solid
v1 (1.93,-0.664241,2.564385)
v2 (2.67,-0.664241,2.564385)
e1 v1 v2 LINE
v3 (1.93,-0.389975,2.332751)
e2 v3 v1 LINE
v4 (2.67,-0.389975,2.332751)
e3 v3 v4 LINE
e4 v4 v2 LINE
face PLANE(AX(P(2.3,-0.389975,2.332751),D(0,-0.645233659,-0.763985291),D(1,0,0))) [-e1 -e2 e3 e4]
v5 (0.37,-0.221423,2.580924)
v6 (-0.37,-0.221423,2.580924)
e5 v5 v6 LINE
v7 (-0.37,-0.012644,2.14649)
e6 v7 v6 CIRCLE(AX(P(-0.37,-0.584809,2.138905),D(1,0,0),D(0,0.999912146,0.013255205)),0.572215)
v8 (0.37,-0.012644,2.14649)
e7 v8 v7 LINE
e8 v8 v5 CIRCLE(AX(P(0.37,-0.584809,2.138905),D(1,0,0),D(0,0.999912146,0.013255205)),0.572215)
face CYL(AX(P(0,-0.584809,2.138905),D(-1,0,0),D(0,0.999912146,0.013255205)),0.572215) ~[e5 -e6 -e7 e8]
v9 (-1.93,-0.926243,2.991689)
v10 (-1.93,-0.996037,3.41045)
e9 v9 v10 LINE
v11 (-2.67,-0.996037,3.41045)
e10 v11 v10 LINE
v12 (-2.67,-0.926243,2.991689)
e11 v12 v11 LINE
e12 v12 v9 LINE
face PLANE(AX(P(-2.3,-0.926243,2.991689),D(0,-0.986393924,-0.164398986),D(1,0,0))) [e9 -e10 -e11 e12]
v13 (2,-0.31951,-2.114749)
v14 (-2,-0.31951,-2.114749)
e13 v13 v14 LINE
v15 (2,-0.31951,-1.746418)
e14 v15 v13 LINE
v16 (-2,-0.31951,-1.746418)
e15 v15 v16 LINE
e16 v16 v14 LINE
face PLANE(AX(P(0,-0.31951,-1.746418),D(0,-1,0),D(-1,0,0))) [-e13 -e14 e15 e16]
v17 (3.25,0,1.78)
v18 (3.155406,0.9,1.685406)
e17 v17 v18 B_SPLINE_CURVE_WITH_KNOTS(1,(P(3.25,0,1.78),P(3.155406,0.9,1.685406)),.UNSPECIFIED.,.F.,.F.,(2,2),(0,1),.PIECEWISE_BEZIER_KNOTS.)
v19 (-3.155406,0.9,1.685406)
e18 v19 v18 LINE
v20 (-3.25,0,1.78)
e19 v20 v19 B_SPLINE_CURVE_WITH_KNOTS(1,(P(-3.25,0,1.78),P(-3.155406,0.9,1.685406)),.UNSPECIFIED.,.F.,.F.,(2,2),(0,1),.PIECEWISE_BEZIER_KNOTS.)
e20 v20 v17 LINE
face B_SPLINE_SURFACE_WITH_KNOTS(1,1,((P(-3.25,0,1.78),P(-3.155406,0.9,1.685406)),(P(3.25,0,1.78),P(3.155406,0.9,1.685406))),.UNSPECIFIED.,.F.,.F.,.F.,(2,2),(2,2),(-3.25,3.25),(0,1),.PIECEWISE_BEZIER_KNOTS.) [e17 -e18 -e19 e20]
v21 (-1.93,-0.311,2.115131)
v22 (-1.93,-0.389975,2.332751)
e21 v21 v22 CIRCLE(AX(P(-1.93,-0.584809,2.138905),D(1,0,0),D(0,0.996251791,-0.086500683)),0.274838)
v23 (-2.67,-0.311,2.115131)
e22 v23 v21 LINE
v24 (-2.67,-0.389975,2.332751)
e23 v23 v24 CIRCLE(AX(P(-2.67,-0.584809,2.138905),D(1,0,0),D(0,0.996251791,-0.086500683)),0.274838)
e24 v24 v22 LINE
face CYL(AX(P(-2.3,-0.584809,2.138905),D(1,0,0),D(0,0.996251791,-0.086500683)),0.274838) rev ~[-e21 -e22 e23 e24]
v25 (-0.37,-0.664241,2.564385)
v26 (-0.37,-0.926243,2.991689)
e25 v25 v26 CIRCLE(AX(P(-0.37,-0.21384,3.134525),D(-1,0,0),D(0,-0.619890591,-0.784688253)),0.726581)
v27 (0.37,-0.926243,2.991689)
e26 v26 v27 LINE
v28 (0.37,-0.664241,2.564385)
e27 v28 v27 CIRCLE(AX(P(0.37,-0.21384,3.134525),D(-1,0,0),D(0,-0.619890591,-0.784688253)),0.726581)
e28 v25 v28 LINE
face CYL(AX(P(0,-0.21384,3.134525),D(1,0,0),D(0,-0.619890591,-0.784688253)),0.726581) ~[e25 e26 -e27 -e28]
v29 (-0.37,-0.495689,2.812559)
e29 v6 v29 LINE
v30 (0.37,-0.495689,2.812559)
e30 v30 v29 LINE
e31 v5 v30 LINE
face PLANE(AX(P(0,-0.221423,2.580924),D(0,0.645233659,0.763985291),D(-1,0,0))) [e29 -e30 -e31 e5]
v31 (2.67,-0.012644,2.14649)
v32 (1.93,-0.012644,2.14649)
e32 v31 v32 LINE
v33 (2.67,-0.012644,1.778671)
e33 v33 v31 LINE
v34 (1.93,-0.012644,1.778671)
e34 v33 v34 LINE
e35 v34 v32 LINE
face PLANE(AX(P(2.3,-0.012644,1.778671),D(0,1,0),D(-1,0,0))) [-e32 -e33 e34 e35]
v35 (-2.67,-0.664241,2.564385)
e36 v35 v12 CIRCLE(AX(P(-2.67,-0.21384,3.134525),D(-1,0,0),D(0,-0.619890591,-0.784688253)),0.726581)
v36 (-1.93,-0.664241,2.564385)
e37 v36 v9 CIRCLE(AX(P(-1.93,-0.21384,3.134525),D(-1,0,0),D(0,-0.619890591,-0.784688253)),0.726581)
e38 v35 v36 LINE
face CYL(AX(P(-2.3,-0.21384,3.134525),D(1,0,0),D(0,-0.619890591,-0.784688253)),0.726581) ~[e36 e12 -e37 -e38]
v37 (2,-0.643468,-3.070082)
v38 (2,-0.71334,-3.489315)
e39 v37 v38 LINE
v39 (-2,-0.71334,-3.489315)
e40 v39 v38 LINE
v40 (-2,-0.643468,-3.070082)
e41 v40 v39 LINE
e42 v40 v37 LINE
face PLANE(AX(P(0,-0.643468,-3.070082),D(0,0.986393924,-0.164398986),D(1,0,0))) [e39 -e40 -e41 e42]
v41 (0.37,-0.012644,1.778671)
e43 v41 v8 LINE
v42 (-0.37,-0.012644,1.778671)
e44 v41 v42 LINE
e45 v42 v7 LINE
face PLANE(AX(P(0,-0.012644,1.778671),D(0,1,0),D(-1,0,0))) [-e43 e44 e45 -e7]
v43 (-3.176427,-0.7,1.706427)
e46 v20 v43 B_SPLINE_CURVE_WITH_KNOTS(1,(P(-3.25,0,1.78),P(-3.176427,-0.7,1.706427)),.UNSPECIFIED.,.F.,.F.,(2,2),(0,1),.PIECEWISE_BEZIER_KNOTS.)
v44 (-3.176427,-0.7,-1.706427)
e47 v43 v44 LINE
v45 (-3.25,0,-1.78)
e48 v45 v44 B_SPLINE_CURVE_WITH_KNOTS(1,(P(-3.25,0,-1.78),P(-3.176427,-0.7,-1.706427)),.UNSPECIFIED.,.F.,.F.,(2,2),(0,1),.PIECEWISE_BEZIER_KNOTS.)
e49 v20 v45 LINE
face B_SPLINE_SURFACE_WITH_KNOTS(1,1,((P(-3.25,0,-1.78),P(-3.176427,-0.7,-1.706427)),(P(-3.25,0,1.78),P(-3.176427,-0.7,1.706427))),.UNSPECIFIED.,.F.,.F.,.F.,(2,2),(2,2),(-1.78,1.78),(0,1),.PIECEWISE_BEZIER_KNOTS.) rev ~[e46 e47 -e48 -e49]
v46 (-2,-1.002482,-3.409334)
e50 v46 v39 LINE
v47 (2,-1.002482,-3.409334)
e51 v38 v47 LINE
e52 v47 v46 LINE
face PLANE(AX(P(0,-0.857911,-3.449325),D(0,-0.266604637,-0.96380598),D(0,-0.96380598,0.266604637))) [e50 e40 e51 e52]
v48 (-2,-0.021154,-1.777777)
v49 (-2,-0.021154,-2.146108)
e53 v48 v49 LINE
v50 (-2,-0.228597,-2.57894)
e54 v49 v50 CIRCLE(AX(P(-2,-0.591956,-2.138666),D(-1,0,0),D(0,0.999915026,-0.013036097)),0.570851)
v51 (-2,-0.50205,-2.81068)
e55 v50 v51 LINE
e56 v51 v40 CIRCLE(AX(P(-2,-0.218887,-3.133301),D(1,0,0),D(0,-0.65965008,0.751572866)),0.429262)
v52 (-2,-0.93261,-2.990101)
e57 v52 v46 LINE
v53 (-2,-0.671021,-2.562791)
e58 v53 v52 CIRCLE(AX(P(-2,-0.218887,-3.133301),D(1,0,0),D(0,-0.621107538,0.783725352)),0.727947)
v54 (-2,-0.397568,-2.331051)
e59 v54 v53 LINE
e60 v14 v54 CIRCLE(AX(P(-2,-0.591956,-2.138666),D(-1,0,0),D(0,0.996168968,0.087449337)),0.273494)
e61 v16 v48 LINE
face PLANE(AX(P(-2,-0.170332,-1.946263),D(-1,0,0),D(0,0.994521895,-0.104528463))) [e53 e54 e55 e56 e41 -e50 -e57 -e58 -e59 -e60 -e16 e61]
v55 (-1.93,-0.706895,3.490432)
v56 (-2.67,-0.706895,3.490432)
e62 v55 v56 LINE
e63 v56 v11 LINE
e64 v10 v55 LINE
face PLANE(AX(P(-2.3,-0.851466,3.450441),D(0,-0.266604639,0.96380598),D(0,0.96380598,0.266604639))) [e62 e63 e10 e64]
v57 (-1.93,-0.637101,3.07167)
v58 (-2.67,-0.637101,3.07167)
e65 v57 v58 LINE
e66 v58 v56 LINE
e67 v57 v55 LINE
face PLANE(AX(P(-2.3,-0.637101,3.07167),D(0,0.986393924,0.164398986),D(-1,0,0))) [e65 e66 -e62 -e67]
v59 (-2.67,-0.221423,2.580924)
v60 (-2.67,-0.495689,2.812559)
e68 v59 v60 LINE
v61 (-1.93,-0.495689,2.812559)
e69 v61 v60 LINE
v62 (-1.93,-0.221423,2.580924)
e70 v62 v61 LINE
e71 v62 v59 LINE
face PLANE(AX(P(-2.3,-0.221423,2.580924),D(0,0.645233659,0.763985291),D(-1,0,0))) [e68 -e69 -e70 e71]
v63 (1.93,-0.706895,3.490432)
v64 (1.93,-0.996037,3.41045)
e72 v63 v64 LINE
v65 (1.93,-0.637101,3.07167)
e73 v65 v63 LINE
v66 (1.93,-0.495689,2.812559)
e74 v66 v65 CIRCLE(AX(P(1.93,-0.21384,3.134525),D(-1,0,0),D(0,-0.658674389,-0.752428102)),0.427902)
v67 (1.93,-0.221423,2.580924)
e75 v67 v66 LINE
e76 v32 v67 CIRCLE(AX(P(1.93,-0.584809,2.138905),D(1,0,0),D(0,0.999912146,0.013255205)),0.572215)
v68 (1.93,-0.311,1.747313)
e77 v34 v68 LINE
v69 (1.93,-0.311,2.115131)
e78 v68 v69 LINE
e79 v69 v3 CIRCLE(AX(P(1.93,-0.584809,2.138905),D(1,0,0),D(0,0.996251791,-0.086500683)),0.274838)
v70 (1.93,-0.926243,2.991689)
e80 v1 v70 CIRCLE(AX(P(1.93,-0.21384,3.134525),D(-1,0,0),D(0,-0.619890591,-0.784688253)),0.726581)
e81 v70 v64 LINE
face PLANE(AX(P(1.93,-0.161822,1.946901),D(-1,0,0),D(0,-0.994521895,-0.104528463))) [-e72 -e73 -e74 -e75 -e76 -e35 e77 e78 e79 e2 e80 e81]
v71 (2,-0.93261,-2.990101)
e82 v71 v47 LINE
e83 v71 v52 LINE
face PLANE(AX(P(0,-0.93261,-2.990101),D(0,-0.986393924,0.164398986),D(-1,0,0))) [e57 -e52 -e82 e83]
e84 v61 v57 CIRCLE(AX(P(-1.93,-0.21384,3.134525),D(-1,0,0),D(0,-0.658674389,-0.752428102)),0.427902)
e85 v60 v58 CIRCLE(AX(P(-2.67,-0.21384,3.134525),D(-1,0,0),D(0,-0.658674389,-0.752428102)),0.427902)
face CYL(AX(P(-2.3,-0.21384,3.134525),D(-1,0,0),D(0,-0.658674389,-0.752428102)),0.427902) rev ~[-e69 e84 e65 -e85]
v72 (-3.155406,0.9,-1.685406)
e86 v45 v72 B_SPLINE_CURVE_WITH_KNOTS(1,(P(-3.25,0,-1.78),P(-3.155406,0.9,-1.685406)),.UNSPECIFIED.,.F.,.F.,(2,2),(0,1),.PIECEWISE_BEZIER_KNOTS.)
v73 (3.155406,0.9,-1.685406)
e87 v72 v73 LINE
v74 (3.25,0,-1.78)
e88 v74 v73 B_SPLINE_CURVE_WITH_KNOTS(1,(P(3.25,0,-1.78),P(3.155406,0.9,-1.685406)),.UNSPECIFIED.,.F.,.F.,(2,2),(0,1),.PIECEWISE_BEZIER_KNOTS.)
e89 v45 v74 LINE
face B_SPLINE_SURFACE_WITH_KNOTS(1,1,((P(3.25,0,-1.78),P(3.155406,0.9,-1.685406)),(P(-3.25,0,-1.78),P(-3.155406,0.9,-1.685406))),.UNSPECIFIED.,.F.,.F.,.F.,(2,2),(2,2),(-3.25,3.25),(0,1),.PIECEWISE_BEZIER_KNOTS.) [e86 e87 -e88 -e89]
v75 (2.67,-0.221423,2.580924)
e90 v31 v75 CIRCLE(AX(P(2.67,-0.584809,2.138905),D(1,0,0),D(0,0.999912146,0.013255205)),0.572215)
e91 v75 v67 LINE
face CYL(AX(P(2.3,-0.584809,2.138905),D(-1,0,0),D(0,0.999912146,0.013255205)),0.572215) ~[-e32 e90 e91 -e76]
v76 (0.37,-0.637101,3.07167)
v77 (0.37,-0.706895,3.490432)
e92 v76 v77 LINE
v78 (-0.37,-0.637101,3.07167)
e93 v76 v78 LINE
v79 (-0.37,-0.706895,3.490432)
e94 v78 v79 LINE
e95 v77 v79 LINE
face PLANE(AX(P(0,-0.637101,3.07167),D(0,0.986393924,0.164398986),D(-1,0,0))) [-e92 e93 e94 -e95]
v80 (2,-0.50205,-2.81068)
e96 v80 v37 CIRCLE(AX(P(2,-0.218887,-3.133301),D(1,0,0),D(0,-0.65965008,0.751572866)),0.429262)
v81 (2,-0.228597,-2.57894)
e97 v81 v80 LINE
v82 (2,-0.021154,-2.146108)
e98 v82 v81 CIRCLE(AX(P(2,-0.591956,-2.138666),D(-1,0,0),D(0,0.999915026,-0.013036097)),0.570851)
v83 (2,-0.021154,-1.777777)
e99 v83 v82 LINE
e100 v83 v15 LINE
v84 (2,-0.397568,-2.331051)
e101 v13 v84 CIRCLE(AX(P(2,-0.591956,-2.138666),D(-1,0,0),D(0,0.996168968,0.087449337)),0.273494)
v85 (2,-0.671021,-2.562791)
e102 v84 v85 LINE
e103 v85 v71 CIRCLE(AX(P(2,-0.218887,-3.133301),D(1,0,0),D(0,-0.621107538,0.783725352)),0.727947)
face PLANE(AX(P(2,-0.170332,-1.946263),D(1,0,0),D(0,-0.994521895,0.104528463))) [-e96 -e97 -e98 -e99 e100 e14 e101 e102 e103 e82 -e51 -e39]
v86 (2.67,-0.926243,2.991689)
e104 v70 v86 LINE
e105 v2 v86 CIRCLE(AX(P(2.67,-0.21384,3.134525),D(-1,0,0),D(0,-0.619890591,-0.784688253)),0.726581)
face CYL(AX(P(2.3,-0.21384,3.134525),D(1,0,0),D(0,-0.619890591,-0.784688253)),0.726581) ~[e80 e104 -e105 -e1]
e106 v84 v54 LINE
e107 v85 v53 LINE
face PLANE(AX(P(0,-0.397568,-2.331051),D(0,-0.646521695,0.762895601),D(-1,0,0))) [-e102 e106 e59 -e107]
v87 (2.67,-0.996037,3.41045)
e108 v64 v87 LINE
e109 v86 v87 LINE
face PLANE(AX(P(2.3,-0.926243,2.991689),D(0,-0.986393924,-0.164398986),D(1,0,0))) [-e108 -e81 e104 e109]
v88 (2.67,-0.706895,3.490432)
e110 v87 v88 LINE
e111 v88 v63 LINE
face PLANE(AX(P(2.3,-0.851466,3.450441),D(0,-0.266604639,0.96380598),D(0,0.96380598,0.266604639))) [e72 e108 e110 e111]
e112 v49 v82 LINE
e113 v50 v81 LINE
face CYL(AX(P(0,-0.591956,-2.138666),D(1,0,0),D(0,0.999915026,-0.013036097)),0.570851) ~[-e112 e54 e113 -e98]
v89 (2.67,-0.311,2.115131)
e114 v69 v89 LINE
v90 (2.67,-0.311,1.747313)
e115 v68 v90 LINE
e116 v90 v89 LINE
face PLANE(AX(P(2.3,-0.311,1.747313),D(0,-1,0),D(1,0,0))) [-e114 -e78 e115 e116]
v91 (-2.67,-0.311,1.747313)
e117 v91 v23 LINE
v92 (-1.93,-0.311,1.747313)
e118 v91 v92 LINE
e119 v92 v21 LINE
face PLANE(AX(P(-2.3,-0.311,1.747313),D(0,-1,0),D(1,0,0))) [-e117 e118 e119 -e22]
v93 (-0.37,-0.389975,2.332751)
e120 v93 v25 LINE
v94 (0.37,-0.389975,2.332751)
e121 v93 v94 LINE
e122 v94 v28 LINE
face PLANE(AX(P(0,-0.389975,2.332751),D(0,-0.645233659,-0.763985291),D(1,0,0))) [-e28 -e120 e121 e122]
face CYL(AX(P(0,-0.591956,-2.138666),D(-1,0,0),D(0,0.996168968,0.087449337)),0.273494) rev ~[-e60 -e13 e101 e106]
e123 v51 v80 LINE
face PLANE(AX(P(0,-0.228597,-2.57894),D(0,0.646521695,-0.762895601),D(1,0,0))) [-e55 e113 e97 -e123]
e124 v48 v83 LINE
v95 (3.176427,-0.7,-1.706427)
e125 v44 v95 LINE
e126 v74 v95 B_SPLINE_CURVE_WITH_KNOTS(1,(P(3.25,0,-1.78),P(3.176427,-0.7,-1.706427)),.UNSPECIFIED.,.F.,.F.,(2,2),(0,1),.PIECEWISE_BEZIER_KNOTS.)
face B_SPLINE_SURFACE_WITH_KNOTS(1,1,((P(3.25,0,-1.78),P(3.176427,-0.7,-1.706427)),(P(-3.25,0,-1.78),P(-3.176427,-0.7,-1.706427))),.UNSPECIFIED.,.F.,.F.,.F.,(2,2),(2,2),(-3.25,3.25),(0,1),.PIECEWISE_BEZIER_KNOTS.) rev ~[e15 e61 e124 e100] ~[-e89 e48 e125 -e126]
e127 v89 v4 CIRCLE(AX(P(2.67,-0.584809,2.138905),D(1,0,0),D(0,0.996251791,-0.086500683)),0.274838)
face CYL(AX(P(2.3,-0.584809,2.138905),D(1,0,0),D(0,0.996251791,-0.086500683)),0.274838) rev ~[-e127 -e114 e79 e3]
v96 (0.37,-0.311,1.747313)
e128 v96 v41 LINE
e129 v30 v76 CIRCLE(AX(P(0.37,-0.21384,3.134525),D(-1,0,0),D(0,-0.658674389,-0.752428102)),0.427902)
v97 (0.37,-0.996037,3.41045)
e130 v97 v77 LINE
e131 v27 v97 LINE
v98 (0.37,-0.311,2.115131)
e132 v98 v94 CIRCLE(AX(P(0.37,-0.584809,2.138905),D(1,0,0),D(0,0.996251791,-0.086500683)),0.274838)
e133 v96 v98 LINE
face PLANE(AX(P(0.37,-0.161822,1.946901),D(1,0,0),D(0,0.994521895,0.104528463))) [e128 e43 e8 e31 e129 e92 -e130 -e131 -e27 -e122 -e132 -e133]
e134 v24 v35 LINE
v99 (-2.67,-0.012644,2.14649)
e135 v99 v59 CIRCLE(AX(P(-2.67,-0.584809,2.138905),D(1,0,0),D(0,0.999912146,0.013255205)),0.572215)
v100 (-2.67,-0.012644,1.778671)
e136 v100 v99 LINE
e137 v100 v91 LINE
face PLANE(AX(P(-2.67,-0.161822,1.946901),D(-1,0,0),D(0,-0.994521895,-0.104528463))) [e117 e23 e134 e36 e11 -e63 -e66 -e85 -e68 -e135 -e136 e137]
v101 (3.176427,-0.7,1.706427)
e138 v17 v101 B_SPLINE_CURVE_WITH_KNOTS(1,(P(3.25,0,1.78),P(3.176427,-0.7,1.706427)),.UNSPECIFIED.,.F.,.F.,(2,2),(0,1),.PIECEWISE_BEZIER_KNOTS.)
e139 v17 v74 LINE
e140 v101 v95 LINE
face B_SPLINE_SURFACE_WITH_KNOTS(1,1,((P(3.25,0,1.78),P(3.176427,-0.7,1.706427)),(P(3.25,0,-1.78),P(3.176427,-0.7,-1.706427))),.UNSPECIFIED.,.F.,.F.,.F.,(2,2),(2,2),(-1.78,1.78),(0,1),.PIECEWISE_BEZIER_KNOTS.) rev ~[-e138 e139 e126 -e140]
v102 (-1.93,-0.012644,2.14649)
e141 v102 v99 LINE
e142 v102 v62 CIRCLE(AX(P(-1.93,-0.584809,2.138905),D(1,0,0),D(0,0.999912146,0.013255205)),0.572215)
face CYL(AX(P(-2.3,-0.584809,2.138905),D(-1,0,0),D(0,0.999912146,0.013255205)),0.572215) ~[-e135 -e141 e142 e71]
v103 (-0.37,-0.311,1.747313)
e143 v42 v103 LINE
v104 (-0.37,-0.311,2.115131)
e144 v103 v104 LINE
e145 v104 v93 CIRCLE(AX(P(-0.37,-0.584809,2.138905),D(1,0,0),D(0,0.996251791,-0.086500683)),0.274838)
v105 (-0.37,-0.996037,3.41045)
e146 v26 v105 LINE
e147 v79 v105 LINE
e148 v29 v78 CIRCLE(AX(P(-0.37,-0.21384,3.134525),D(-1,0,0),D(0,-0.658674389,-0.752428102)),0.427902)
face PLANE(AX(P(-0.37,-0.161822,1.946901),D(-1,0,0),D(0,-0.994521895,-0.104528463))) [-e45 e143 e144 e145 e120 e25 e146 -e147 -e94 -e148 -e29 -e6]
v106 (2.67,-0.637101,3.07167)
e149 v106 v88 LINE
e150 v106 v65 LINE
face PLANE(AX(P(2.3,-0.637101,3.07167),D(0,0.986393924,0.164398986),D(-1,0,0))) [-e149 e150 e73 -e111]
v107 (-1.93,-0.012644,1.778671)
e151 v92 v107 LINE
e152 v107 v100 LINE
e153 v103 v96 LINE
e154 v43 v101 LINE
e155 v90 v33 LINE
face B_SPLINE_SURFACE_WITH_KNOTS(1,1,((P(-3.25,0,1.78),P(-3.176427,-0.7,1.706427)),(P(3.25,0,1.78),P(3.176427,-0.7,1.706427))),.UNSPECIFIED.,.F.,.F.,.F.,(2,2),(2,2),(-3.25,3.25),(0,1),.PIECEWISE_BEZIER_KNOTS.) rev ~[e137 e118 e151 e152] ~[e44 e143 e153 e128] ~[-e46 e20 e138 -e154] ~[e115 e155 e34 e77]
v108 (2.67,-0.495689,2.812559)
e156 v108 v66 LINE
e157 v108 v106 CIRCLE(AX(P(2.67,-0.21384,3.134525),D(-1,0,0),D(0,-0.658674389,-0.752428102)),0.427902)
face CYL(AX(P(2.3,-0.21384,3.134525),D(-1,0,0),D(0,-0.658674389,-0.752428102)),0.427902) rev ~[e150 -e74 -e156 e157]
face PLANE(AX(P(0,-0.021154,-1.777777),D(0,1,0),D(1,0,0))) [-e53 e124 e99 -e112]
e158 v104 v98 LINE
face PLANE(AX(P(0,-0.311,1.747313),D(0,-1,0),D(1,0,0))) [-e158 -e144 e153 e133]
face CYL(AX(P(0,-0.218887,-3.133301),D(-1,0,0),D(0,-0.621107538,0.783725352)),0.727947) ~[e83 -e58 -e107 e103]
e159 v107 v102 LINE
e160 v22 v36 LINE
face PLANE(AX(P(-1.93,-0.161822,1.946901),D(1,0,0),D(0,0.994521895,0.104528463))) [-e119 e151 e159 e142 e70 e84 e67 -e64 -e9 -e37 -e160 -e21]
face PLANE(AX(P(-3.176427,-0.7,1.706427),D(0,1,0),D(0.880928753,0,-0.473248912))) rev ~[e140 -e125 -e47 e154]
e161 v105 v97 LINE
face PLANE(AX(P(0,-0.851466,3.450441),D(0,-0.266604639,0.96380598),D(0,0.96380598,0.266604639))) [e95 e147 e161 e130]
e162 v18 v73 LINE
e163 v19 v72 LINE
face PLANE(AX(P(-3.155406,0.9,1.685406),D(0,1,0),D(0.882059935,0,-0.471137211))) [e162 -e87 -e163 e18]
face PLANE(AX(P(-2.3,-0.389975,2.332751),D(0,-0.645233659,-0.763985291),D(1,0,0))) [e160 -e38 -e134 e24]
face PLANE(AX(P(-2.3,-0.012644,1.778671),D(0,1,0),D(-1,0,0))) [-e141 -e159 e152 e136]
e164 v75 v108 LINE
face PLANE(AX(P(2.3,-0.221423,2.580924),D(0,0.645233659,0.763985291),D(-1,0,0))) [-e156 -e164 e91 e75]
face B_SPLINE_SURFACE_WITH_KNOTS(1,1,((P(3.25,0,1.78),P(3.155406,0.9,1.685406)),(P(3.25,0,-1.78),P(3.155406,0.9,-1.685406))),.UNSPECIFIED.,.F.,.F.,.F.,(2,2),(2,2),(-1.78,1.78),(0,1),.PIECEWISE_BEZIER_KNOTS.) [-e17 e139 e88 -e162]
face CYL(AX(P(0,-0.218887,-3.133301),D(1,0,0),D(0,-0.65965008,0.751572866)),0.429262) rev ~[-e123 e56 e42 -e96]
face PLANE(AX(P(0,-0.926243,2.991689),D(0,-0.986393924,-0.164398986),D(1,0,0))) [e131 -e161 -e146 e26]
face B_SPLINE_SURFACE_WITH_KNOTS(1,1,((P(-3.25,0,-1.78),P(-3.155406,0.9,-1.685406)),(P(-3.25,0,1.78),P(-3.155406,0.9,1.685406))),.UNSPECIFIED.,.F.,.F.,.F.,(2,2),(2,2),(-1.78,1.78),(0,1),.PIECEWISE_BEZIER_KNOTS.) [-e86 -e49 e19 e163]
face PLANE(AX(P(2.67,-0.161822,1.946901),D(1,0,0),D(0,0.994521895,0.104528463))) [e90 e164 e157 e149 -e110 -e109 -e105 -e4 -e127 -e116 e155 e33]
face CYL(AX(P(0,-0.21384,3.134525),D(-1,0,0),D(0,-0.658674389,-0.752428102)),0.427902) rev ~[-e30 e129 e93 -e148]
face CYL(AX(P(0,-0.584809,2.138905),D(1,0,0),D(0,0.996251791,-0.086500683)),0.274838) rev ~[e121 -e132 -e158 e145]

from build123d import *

# Parameters (mm, degrees)
ESBO_O1_W                 = 6.5
ESBO_O1_H                 = 3.56
EXTRUS_O1_DEPTH           = 0.9
EXTRUS_O1_TAPER           = 6
EXTRUS_O1_OTHER_WAY_DEPTH = 0.7
EXTRUS_O1_OTHER_WAY_TAPER = 6
ESBO_O3_W                 = 0.74
ESBO_O3_H                 = 0.3
PADR_O_LINEAR1_COUNT      = 2
PADR_O_LINEAR1_PITCH      = 2.3
PADR_O_LINEAR1_COL_COUNT  = 2
PADR_O_LINEAR1_COL_PITCH  = 2.3
ESBO_O5_W                 = 4
ESBO_O5_H                 = 0.3


with BuildPart() as part:
    # Esboço1 → Extrusão1 (new body)
    with BuildSketch(Plane(origin=(0, 0, 0), x_dir=(1, 0, 0), z_dir=(0, 1, 0))):
        Rectangle(ESBO_O1_W, ESBO_O1_H)
    extrude(amount=EXTRUS_O1_DEPTH, taper=EXTRUS_O1_TAPER)

    # Esboço1 → Extrusão1 other way (add)
    with BuildSketch(Plane(origin=(0, 0, 0), x_dir=(1, 0, 0), z_dir=(0, 1, 0))):
        Rectangle(ESBO_O1_W, ESBO_O1_H)
    extrude(amount=-EXTRUS_O1_OTHER_WAY_DEPTH, taper=EXTRUS_O1_OTHER_WAY_TAPER)

    # Varredura1: sweep along a path in Esboço2
    with BuildLine(Plane(origin=(0, 0, 0), x_dir=(0, 0, -1), z_dir=(1, 0, 0))) as varredura1_path:
        Line((-1.771086264, -0.084808537), (-2.138904869, -0.084808537))
        ThreePointArc((-2.138904869, -0.084808537), (-2.349489276, -0.131317404), (-2.520897515, -0.262191707))
        Line((-2.520897515, -0.262191707), (-2.752531862, -0.536457055))
        ThreePointArc((-2.752531862, -0.536457055), (-2.88725344, -0.648417053), (-3.052325014, -0.707037188))
        Line((-3.052325014, -0.707037188), (-3.471086264, -0.776830729))
    # Esboço3 → Varredura1 (sweep)
    with BuildSketch(Plane(origin=(0, -0.185041405, 1.760551365), x_dir=(1, 0, 0), z_dir=(0, -0.104528463, 0.994521895))):
        with Locations((0, 0.023347308)):
            Rectangle(ESBO_O3_W, ESBO_O3_H)
    varredura1 = sweep(path=varredura1_path.line)

    # Padrão linear1: Varredura1 ×2
    with Locations(*[(i * PADR_O_LINEAR1_PITCH, 0, 0) for i in range(1, PADR_O_LINEAR1_COUNT)]):
        add(varredura1)

    # Padrão linear1 col: Varredura1 ×2
    with Locations(*[(-i * PADR_O_LINEAR1_COL_PITCH, 0, 0) for i in range(1, PADR_O_LINEAR1_COL_COUNT)]):
        add(varredura1)

    # Varredura2: sweep along a path in Esboço4
    with BuildLine(Plane(origin=(0, 0, 0), x_dir=(0, 0, -1), z_dir=(1, 0, 0))) as varredura2_path:
        Line((1.770334988, -0.091956448), (2.13866613, -0.091956448))
        ThreePointArc((2.13866613, -0.091956448), (2.34886791, -0.138287834), (2.52011393, -0.2686956))
        Line((2.52011393, -0.2686956), (2.751853347, -0.542148112))
        ThreePointArc((2.751853347, -0.542148112), (2.886396765, -0.653672528), (3.051101653, -0.712084226))
        Line((3.051101653, -0.712084226), (3.470334988, -0.781956448))
    # Esboço5 → Varredura2 (sweep)
    with BuildSketch(Plane(origin=(0, -0.185041405, -1.760551365), x_dir=(-1, 0, 0), z_dir=(0, -0.104528463, -0.994521895))):
        with Locations((0, 0.014790466)):
            Rectangle(ESBO_O5_W, ESBO_O5_H)
    sweep(path=varredura2_path.line)


solid = part.part
